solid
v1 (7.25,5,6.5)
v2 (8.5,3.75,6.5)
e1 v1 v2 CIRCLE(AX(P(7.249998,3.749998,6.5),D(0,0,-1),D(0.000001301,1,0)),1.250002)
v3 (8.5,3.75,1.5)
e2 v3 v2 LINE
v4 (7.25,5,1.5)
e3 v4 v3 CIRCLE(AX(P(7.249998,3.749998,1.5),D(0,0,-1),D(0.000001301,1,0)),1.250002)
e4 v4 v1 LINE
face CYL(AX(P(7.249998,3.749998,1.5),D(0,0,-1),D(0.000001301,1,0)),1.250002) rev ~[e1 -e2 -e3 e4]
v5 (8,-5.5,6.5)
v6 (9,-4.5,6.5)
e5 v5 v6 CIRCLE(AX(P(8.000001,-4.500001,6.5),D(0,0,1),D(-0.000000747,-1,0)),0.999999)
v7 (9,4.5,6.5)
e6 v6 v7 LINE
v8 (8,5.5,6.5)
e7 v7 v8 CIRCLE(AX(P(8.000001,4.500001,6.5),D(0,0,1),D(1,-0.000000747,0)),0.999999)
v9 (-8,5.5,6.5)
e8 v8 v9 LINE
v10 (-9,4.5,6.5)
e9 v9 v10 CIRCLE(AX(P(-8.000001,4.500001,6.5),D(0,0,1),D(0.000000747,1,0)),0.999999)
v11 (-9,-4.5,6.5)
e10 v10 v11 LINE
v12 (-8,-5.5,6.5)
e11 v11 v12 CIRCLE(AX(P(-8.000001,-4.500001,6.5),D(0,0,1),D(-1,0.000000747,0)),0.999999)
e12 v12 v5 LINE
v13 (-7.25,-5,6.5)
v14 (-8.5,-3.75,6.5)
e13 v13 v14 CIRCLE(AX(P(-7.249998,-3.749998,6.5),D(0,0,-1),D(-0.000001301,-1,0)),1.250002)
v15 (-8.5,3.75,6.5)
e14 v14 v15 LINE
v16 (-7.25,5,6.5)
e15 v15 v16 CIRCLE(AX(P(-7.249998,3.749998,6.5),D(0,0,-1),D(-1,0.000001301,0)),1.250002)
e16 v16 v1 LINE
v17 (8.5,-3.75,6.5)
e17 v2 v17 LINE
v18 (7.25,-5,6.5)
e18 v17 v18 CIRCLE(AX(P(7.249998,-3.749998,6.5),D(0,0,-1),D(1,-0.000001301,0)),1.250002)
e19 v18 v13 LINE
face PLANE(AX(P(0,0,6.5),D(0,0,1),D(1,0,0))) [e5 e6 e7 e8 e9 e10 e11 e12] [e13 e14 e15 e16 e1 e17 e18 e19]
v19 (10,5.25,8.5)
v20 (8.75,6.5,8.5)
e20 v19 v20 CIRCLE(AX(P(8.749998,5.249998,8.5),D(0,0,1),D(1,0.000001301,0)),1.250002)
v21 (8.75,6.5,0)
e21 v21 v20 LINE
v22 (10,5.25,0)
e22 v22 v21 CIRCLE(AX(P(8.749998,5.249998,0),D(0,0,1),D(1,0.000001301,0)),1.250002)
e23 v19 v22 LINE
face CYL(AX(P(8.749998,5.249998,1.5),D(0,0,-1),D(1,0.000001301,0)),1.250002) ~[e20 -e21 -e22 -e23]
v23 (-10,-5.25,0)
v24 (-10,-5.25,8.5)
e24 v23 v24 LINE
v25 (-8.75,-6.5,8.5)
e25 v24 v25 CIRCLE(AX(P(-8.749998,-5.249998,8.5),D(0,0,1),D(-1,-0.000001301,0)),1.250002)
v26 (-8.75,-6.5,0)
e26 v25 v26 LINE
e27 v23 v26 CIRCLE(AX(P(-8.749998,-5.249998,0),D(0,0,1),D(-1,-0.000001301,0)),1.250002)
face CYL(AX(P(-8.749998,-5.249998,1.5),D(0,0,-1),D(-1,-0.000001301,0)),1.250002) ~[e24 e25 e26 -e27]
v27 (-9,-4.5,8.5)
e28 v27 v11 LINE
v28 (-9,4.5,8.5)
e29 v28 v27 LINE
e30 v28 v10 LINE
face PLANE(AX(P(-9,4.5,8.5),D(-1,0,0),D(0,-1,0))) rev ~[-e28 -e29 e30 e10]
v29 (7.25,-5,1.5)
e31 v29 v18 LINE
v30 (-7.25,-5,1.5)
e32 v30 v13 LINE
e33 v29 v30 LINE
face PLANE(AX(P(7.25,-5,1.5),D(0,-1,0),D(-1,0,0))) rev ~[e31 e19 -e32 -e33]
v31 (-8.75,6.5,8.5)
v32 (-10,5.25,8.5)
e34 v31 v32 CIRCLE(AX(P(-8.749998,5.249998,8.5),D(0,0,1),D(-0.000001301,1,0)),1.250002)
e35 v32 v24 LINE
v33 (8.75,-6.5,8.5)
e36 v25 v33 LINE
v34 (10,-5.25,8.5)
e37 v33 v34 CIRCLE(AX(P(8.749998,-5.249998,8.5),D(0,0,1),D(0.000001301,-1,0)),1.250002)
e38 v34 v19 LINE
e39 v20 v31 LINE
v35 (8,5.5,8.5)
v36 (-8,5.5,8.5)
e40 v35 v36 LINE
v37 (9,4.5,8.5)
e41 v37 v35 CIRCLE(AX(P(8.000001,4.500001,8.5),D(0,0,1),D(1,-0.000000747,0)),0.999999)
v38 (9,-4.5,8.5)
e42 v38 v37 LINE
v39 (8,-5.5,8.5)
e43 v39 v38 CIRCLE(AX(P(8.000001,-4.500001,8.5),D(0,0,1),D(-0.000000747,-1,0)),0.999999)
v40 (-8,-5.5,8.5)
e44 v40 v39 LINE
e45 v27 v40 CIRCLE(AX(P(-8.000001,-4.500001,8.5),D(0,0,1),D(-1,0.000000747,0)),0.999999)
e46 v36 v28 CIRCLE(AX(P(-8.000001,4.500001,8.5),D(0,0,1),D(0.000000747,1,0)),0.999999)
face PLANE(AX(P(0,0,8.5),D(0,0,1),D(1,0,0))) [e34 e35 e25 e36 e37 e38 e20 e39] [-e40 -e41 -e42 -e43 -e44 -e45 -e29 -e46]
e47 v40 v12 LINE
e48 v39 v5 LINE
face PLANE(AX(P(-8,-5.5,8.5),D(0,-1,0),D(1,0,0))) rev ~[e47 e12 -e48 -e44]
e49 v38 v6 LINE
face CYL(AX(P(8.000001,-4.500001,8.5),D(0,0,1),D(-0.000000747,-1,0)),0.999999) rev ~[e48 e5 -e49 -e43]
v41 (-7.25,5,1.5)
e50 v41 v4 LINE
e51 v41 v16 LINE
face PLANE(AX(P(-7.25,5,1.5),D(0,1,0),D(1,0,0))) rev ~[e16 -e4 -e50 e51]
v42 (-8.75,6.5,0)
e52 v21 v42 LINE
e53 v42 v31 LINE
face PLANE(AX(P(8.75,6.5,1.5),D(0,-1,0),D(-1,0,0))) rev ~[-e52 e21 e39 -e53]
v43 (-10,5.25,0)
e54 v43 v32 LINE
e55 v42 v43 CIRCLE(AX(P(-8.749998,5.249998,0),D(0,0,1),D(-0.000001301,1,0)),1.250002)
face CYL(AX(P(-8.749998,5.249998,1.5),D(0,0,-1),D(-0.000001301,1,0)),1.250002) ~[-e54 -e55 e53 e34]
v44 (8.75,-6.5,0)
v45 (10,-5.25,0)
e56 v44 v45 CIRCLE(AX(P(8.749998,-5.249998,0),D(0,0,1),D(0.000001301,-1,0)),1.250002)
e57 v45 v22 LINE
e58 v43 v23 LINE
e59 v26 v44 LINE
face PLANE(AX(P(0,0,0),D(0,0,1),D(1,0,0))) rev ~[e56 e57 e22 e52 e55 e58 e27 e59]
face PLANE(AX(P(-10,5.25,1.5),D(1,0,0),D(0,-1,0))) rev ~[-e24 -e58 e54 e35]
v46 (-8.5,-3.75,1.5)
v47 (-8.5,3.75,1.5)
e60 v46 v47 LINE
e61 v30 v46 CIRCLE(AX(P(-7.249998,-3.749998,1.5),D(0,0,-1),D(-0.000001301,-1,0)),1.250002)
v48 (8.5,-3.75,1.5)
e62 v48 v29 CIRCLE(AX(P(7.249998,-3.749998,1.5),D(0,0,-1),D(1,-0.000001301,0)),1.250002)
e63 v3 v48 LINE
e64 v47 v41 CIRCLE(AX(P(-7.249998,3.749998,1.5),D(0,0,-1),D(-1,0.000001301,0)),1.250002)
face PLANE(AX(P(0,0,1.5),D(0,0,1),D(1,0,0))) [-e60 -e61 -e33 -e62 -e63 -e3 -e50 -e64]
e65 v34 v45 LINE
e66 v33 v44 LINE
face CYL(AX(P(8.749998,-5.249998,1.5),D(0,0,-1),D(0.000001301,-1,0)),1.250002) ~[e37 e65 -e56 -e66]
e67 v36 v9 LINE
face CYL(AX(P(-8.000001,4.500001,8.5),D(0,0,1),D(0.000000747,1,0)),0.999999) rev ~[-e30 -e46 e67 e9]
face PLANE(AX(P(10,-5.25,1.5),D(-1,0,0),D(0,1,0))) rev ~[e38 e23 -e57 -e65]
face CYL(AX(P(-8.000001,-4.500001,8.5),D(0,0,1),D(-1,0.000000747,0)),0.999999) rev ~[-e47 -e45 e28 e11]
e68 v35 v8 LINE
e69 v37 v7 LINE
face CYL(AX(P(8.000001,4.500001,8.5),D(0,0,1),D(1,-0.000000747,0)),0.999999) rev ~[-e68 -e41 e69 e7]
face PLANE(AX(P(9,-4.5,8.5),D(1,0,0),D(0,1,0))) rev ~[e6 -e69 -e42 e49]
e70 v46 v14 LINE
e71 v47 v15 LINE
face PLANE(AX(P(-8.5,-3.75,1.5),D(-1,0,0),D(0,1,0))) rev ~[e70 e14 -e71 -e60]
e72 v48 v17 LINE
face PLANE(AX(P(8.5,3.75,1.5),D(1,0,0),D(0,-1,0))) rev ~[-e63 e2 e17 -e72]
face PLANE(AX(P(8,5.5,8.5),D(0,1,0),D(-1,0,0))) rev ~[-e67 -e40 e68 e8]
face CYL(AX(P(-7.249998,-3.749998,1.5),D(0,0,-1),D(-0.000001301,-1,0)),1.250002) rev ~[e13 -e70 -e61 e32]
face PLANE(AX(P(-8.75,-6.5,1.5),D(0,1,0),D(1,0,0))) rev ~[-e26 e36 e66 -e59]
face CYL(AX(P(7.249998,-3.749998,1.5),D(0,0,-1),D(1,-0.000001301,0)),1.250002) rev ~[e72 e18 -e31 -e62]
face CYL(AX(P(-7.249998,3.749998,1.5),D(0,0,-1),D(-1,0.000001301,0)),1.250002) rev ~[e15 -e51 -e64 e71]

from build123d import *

# Parameters (mm, degrees)
F1_DEPTH = 1.5
F3_DEPTH = 7
F5_DEPTH = 2


with BuildPart() as f1:
    # F0 (on Top) → F1 (new body)
    with BuildSketch(Plane.XY):
        with BuildLine():
            Line((8.75, 6.5), (-8.75, 6.5))
            ThreePointArc((-8.75, 6.5), (-9.633883, 6.133883), (-10, 5.25))
            Line((-10, 5.25), (-10, -5.25))
            ThreePointArc((-10, -5.25), (-9.633883, -6.133883), (-8.75, -6.5))
            Line((-8.75, -6.5), (8.75, -6.5))
            ThreePointArc((8.75, -6.5), (9.633883, -6.133883), (10, -5.25))
            Line((10, -5.25), (10, 5.25))
            ThreePointArc((10, 5.25), (9.633883, 6.133883), (8.75, 6.5))
        make_face()
    extrude(amount=F1_DEPTH)

    # F2 (on face) → F3 (join)
    with BuildSketch(Plane.XY.offset(1.5)):
        with BuildLine():
            ThreePointArc((10, 5.25), (9.633883, 6.133883), (8.75, 6.5))
            Line((8.75, 6.5), (-8.75, 6.5))
            ThreePointArc((-8.75, 6.5), (-9.633883, 6.133883), (-10, 5.25))
            Line((-10, 5.25), (-10, -5.25))
            ThreePointArc((-10, -5.25), (-9.633883, -6.133883), (-8.75, -6.5))
            Line((-8.75, -6.5), (8.75, -6.5))
            ThreePointArc((8.75, -6.5), (9.633883, -6.133883), (10, -5.25))
            Line((10, -5.25), (10, 5.25))
        make_face()
        with BuildLine():
            ThreePointArc((-8.5, 3.75), (-8.133883, 4.633883), (-7.25, 5))
            Line((-7.25, 5), (7.25, 5))
            ThreePointArc((7.25, 5), (8.133883, 4.633883), (8.5, 3.75))
            Line((8.5, 3.75), (8.5, -3.75))
            ThreePointArc((8.5, -3.75), (8.133883, -4.633883), (7.25, -5))
            Line((7.25, -5), (-7.25, -5))
            ThreePointArc((-7.25, -5), (-8.133883, -4.633883), (-8.5, -3.75))
            Line((-8.5, -3.75), (-8.5, 3.75))
        make_face(mode=Mode.SUBTRACT)
    extrude(amount=F3_DEPTH)

    # F4 (on face) → F5 (cut)
    with BuildSketch(Plane.XY.offset(8.5)):
        with BuildLine():
            Line((8, 5.5), (-8, 5.5))
            ThreePointArc((-8, 5.5), (-8.707107, 5.207107), (-9, 4.5))
            Line((-9, 4.5), (-9, -4.5))
            ThreePointArc((-9, -4.5), (-8.707107, -5.207107), (-8, -5.5))
            Line((-8, -5.5), (8, -5.5))
            ThreePointArc((8, -5.5), (8.707107, -5.207107), (9, -4.5))
            Line((9, -4.5), (9, 4.5))
            ThreePointArc((9, 4.5), (8.707107, 5.207107), (8, 5.5))
        make_face()
    extrude(amount=-F5_DEPTH, mode=Mode.SUBTRACT)


solid = f1.part
